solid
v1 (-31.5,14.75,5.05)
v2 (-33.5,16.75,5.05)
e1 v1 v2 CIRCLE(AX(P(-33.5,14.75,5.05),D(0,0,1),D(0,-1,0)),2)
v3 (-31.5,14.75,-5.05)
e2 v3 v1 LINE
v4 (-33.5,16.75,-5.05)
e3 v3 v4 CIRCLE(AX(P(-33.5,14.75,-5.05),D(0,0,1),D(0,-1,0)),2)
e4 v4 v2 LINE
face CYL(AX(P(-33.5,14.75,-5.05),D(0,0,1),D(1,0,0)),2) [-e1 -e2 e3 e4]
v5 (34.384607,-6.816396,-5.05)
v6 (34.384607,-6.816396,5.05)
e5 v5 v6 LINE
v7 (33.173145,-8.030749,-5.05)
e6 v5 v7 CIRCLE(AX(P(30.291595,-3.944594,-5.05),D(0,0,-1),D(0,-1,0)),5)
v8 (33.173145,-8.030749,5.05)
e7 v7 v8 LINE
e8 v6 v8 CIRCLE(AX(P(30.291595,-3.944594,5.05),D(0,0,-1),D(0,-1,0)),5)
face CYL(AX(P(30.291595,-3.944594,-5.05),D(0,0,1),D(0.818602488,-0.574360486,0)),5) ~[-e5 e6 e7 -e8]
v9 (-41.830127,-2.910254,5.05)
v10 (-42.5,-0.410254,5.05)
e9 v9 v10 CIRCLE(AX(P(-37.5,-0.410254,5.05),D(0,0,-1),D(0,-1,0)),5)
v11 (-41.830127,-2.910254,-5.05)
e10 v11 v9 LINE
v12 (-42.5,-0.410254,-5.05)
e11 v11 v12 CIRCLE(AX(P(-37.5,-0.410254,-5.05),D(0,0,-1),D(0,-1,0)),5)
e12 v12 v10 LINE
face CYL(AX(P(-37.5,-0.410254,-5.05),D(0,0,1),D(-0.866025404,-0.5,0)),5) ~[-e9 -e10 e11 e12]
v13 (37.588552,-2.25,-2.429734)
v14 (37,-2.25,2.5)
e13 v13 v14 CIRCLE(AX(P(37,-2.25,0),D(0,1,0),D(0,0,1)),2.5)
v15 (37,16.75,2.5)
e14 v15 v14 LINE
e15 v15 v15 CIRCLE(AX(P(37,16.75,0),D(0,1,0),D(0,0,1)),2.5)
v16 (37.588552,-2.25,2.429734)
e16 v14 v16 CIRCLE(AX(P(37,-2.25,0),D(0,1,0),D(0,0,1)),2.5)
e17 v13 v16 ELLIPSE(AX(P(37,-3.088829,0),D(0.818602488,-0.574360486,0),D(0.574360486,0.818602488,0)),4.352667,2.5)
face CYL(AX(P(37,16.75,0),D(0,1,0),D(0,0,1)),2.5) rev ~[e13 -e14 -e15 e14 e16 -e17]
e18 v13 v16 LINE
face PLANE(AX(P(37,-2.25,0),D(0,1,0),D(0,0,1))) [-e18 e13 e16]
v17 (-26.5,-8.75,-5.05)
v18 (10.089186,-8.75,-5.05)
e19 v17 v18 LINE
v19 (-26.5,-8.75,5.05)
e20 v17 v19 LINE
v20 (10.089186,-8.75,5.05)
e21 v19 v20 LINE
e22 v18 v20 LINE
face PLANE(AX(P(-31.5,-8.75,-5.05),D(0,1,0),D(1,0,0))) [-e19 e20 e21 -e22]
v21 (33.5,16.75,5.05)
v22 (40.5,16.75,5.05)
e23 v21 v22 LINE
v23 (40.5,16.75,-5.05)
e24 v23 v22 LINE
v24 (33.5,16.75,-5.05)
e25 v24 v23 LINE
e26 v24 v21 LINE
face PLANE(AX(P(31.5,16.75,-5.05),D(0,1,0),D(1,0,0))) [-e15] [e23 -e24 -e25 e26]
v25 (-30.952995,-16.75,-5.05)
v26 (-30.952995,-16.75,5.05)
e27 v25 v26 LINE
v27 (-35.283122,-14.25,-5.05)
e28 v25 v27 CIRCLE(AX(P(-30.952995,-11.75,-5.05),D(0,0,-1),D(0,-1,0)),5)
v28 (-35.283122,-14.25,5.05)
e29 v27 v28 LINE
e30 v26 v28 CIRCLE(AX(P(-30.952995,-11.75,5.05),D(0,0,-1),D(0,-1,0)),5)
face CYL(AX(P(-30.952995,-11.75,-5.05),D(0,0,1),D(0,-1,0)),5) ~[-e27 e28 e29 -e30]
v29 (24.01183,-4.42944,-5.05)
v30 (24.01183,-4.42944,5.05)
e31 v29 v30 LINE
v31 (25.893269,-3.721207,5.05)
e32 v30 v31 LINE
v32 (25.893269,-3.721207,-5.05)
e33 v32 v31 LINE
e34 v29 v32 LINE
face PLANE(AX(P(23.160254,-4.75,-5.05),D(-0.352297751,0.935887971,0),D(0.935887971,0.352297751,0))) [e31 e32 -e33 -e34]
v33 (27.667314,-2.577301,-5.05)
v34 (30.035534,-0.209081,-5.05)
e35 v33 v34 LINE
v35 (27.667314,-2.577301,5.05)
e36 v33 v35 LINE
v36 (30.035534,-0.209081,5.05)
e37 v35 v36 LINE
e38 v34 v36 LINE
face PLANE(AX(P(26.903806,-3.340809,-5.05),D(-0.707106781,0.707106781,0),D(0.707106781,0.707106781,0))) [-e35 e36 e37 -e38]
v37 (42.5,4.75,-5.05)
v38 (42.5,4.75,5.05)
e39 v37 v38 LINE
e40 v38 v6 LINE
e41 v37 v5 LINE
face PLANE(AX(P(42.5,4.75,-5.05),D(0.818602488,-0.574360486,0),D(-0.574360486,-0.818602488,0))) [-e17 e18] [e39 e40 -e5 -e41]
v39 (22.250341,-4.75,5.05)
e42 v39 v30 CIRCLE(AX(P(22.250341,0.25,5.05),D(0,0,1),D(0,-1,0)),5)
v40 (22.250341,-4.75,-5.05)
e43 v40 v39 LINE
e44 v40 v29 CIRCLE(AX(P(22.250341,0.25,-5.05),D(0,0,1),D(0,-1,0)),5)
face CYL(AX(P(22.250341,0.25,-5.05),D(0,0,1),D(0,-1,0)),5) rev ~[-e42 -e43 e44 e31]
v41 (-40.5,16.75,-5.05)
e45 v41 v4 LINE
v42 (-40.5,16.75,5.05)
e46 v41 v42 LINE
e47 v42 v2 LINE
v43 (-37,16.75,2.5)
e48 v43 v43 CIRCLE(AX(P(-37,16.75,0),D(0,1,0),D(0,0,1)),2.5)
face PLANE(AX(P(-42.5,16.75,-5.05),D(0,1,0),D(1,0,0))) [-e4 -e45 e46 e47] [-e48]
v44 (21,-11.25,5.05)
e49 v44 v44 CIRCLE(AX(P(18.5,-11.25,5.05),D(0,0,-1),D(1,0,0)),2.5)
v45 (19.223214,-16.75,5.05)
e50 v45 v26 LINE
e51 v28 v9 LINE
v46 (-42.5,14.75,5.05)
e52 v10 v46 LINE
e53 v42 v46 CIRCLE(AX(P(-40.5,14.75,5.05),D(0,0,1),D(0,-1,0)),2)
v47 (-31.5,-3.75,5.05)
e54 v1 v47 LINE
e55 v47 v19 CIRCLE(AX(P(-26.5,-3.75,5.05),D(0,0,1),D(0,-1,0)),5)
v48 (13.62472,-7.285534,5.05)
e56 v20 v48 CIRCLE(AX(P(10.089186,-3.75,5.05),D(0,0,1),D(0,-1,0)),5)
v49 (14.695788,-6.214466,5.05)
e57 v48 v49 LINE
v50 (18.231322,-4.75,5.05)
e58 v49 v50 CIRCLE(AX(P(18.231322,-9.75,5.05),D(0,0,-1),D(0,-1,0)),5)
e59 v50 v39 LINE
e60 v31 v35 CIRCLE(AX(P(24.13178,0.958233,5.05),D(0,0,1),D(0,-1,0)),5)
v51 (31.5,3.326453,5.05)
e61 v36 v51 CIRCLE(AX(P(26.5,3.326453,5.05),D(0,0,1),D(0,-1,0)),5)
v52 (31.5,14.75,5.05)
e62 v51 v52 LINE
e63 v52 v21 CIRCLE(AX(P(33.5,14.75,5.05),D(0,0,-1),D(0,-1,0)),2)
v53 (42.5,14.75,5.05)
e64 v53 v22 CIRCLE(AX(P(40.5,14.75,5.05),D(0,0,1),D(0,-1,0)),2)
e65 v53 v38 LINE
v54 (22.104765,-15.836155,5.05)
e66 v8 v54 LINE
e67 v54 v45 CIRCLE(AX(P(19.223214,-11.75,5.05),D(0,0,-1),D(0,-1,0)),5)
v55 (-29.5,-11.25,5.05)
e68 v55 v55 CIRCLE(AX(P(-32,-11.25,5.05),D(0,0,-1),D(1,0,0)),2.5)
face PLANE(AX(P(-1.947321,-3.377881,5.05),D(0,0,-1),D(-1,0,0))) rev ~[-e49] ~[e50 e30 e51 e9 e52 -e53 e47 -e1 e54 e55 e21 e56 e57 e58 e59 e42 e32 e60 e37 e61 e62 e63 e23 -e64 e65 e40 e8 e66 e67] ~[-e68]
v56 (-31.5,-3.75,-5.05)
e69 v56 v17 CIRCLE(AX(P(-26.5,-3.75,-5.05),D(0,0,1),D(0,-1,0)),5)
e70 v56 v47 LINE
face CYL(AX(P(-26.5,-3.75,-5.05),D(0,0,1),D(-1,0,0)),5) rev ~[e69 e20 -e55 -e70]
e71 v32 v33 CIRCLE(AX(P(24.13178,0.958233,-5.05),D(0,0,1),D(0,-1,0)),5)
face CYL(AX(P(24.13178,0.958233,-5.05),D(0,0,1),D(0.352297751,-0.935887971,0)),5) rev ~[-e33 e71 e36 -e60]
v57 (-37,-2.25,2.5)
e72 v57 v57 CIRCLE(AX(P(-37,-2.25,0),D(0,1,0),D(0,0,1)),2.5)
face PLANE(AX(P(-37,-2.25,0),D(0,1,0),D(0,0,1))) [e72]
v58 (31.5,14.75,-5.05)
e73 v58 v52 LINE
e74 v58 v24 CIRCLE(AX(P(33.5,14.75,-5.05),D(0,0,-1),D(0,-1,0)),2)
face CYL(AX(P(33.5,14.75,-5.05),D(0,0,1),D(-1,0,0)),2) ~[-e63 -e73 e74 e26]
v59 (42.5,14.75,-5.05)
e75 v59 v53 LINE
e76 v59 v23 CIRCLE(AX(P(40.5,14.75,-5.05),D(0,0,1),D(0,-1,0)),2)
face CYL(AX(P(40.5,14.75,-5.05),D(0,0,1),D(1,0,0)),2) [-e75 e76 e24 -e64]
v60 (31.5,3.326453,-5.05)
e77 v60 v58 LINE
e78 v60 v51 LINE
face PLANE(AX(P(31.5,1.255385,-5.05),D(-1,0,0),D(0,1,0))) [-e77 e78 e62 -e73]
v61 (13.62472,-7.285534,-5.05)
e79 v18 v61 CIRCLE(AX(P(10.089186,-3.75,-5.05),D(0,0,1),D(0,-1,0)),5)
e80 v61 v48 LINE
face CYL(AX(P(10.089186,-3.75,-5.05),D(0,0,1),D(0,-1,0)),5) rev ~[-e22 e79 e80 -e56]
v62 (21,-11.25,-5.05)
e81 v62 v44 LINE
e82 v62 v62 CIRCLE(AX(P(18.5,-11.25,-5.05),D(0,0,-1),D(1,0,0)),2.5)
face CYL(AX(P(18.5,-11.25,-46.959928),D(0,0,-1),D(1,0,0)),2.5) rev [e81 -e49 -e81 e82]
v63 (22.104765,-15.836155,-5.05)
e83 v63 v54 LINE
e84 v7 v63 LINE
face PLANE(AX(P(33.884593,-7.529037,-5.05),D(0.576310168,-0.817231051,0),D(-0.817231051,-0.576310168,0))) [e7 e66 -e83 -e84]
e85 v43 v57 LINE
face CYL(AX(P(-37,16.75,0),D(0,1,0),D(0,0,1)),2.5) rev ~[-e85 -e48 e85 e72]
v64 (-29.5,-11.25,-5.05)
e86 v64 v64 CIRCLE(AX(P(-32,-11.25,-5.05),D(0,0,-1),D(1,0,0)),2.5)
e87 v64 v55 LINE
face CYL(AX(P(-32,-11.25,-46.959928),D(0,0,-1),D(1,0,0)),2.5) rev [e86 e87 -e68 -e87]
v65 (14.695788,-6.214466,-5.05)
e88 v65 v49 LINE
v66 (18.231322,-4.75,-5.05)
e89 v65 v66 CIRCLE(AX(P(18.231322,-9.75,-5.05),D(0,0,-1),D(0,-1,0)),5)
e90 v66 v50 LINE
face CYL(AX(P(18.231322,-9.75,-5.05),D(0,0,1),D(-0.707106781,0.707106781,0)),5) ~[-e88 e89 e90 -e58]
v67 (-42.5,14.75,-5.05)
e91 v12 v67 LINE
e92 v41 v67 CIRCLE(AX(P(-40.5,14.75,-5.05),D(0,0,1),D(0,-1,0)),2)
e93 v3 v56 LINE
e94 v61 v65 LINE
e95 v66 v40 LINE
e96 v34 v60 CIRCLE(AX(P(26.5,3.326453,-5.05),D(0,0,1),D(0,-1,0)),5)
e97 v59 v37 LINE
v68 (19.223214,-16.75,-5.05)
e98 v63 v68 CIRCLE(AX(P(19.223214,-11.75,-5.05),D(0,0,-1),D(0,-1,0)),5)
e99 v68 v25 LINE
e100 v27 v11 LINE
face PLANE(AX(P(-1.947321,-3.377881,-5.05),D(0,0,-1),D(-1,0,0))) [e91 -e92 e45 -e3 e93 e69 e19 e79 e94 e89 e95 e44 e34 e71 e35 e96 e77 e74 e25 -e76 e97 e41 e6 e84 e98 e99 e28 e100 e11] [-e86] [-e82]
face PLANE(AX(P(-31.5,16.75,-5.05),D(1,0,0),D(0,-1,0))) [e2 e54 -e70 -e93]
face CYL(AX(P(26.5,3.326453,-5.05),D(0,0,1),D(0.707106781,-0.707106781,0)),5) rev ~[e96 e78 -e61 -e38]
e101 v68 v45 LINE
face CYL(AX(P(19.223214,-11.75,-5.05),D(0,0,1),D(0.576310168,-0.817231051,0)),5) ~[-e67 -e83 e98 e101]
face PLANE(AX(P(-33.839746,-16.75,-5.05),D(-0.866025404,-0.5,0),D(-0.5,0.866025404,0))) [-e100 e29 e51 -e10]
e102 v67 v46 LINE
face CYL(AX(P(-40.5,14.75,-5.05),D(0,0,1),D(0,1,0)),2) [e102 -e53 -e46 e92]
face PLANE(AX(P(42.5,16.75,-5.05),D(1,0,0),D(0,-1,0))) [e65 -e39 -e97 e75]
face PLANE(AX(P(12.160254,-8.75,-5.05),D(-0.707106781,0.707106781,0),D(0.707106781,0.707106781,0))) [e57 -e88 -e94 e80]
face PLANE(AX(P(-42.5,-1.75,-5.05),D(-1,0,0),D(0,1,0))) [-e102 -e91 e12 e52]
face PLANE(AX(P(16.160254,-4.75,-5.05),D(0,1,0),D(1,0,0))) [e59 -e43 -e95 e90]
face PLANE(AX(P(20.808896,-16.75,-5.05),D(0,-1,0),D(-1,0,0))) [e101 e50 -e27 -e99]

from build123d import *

# Parameters (mm, degrees)
BOSS_EXTRUDE1_DEPTH      = 5.05
BOSS_EXTRUDE1_DEPTH_BACK = 5.05
FILLET1_R                = 5
SKETCH2_R                = 2.5
CUT_EXTRUDE1_DEPTH       = 19
FILLET2_R                = 2
CUT_EXTRUDE2_DEPTH       = 46.959928198
CUT_EXTRUDE2_DEPTH_BACK  = 46.959928198
SKETCH3_R                = 2.5


with BuildPart() as part:
    # Sketch1 → Boss-Extrude1 (new, two sides: drawn at the far end of the back side and taken through both)
    with BuildSketch(Plane.XY.offset(-BOSS_EXTRUDE1_DEPTH_BACK)):
        Polygon((-31.5, 16.75), (-31.5, -8.75), (12.160254038, -8.75), (16.160254038, -4.75), (23.160254038, -4.75), (26.903805922, -3.340808995), (31.5, 1.255385083), (31.5, 16.75), (42.5, 16.75), (42.5, 4.75), (33.884592717, -7.529037314), (20.808895905, -16.75), (-33.839745962, -16.75), (-42.5, -1.75), (-42.5, 16.75), align=None)
    extrude(amount=BOSS_EXTRUDE1_DEPTH + BOSS_EXTRUDE1_DEPTH_BACK)

    # Fillet1
    fillet1_edges = [part.edges().sort_by_distance(p)[0] for p in [
        (31.5, 1.255385083, 0),
        (26.903805922, -3.340808995, 0),
        (23.160254038, -4.75, 0),
        (16.160254038, -4.75, 0),
        (12.160254038, -8.75, 0),
        (33.884592717, -7.529037314, 0),
        (20.808895905, -16.75, 0),
        (-33.839745962, -16.75, 0),
        (-42.5, -1.75, 0),
        (-31.5, -8.75, 0),
    ]]
    fillet(fillet1_edges, radius=FILLET1_R)

    # Sketch2 → Cut-Extrude1 (cut)
    with BuildSketch(Plane(origin=(0, 16.75, 0), x_dir=(1, 0, 0), z_dir=(0, 1, 0))):
        with Locations((-37, 0)):
            Circle(SKETCH2_R)
        with Locations((37, 0)):
            Circle(SKETCH2_R)
    extrude(amount=-CUT_EXTRUDE1_DEPTH, mode=Mode.SUBTRACT)

    # Fillet2
    fillet2_edges = [part.edges().sort_by_distance(p)[0] for p in [
        (42.5, 16.75, 0),
        (31.5, 16.75, 0),
        (-31.5, 16.75, 0),
        (-42.5, 16.75, 0),
    ]]
    fillet(fillet2_edges, radius=FILLET2_R)

    # Sketch3 → Cut-Extrude2 (cut, two sides: drawn at the far end of the back side and taken through both)
    with BuildSketch(Plane.XY.offset(-CUT_EXTRUDE2_DEPTH_BACK)):
        with Locations((-32, -11.25)):
            Circle(SKETCH3_R)
        with Locations((18.5, -11.25)):
            Circle(SKETCH3_R)
    extrude(amount=CUT_EXTRUDE2_DEPTH + CUT_EXTRUDE2_DEPTH_BACK, mode=Mode.SUBTRACT)


solid = part.part
